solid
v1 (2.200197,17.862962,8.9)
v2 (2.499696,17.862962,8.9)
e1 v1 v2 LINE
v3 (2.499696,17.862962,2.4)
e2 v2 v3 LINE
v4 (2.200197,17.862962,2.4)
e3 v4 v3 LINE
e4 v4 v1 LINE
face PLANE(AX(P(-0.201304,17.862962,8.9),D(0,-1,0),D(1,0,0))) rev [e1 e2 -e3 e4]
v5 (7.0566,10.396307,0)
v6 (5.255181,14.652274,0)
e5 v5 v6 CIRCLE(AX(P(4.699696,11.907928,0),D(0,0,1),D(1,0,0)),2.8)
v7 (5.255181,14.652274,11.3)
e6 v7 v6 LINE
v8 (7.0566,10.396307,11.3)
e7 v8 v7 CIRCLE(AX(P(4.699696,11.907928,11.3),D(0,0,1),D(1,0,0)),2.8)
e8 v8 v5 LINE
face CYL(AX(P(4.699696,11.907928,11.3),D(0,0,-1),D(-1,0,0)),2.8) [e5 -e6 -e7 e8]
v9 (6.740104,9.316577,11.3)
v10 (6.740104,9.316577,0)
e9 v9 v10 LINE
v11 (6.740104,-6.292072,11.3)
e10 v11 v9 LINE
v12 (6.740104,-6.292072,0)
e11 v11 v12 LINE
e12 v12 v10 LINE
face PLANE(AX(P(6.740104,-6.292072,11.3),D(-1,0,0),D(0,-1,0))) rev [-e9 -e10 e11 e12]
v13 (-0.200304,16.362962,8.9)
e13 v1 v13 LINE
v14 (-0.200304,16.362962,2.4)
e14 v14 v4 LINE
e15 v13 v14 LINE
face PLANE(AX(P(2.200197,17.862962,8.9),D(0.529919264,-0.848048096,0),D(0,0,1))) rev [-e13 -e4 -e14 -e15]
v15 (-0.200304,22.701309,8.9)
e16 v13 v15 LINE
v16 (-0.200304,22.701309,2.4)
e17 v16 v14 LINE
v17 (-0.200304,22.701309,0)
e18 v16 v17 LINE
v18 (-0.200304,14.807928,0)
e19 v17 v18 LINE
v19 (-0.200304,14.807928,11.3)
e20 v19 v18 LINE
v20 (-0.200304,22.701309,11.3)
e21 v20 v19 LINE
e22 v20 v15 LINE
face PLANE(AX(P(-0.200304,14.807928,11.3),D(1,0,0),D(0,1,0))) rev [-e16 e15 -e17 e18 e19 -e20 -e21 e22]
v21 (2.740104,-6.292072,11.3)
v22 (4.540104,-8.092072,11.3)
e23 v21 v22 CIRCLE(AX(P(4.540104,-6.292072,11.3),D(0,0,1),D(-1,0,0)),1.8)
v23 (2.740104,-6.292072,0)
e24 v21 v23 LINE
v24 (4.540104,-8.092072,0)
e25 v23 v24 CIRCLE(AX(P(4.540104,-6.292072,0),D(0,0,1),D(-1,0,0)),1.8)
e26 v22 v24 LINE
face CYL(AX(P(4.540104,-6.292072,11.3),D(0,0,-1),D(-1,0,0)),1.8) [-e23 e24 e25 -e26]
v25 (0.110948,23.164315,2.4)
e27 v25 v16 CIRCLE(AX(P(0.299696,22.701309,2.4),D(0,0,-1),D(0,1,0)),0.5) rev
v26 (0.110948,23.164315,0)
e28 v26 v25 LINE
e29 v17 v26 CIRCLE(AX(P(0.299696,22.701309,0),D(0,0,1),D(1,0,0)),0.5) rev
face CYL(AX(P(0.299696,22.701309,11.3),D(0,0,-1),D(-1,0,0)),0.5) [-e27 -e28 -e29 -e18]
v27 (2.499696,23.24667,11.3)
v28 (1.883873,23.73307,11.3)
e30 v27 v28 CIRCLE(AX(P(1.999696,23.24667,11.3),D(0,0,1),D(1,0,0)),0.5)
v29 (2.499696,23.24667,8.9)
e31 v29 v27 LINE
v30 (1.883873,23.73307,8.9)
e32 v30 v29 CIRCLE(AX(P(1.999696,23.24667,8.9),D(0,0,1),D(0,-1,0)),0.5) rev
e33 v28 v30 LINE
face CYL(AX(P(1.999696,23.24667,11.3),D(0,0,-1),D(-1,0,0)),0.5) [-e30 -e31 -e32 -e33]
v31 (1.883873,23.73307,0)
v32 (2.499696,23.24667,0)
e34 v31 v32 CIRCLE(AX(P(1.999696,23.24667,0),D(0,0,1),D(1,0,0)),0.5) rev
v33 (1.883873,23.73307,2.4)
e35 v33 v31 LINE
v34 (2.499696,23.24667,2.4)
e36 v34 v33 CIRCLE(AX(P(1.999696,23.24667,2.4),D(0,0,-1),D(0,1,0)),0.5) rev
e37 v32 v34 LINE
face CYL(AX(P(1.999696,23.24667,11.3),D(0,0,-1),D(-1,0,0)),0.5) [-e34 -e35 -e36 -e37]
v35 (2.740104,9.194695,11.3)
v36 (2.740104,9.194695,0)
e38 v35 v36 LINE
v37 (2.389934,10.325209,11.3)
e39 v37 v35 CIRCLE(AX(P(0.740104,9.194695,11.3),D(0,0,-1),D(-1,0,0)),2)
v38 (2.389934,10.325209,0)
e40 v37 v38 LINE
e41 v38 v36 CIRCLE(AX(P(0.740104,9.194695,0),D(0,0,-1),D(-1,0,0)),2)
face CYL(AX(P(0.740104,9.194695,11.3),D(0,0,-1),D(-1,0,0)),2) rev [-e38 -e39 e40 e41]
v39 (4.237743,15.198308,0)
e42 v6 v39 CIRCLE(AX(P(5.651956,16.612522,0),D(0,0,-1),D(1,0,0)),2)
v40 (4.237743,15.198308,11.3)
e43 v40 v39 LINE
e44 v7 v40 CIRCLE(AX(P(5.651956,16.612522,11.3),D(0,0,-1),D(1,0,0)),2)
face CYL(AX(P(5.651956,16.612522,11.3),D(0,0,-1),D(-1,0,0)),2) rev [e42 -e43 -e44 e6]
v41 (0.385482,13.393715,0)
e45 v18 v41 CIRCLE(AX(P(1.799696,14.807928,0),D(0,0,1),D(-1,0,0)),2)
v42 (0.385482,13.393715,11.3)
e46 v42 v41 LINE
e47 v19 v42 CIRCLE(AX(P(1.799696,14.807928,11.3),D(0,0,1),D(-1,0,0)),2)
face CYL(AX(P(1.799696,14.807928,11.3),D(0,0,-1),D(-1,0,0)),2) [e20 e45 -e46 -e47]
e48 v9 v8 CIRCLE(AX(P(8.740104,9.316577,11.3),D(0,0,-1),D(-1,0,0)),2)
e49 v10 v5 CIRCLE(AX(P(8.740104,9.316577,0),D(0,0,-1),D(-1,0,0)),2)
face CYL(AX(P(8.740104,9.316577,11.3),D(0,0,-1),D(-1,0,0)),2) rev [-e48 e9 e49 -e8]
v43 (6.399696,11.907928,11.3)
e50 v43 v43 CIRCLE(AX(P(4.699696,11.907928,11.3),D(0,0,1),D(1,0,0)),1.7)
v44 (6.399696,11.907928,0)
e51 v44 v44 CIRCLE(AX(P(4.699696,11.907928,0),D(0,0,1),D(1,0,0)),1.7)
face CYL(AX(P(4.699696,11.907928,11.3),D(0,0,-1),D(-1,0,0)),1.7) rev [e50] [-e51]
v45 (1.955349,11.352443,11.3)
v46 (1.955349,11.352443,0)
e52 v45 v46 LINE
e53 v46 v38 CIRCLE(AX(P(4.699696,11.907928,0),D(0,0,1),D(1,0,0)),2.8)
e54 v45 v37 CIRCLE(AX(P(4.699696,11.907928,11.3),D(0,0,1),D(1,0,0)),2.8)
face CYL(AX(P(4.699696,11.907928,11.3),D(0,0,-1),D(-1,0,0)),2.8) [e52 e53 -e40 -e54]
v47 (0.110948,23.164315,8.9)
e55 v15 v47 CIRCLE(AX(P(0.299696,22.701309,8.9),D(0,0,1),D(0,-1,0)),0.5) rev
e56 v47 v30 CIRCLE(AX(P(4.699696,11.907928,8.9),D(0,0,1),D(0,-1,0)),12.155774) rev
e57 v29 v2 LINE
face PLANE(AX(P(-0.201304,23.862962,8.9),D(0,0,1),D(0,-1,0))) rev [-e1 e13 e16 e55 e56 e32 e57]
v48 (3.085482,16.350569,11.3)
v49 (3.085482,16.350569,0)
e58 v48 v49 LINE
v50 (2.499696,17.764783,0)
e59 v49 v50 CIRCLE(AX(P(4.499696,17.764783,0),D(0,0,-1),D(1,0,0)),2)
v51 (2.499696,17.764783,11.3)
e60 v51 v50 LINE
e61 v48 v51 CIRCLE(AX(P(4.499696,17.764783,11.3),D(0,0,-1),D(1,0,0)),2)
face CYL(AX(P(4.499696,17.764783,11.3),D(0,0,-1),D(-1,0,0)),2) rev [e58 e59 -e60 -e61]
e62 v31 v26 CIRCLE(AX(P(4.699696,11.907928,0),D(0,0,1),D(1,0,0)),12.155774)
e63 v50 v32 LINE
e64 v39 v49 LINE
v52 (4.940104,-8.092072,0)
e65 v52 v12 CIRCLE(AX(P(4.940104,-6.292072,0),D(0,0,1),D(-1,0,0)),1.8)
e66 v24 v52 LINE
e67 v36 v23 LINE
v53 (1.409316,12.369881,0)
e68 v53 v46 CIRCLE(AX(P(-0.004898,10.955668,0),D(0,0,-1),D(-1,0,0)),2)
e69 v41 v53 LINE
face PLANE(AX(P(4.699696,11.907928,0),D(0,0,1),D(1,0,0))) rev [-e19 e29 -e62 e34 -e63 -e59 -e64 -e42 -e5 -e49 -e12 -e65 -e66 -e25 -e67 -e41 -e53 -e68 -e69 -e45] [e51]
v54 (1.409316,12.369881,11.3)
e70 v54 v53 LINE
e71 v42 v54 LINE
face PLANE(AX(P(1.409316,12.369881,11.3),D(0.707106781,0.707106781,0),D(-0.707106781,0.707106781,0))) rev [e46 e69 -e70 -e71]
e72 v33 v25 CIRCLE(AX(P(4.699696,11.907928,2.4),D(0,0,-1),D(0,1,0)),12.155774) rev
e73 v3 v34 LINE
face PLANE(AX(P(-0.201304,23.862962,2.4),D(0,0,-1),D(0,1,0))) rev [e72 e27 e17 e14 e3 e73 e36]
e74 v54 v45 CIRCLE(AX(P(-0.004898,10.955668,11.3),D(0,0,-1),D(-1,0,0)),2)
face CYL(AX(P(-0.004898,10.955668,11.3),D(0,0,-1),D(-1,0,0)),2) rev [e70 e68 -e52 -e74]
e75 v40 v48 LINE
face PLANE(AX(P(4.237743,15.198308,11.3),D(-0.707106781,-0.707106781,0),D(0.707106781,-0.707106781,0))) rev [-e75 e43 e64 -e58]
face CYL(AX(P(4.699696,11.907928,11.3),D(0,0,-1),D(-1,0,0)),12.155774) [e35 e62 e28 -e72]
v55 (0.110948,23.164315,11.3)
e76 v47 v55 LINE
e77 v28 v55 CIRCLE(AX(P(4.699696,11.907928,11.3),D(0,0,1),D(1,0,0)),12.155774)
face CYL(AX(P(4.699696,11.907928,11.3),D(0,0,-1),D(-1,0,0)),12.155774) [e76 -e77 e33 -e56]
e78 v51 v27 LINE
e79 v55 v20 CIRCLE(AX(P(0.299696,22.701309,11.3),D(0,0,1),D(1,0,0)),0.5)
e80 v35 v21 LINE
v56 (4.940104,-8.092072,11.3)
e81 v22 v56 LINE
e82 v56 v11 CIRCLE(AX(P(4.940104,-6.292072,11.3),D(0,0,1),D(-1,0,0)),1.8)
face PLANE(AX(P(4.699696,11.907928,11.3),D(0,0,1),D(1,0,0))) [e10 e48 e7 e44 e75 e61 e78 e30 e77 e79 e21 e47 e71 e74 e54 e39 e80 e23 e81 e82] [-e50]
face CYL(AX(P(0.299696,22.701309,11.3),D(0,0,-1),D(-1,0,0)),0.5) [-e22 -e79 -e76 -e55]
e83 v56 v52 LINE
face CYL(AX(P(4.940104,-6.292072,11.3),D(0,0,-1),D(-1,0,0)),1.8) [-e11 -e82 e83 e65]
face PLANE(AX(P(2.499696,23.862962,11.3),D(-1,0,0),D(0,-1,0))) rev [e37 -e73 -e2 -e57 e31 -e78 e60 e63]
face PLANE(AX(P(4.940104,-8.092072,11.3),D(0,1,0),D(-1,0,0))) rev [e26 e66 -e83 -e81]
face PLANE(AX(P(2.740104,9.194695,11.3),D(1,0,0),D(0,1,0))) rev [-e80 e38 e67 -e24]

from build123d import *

# Parameters (mm, degrees)
SKETCH1_R           = 1.7
BOSS_EXTRUDE1_DEPTH = 11.3
CUT_EXTRUDE1_REACH  = 28.872
SKETCH2_W           = 6.5
SKETCH2_H           = 6
CHAMFER1_SIZE       = 1.5
CHAMFER1_SIZE2      = 2.400501794
FILLET1_R           = 0.5


with BuildPart() as part:
    # Sketch1 → Boss-Extrude1 (new body)
    with BuildSketch(Plane.XY):
        with BuildLine():
            Line((2.74010383, 9.194695421), (2.74010383, -6.292071669))
            ThreePointArc((2.74010383, -6.292071669), (3.267311624, -7.564863875), (4.54010383, -8.092071669))
            Line((4.54010383, -8.092071669), (4.94010383, -8.092071669))
            ThreePointArc((4.94010383, -8.092071669), (6.212896036, -7.564863875), (6.74010383, -6.292071669))
            Line((6.74010383, -6.292071669), (6.74010383, 9.316577037))
            ThreePointArc((6.74010383, 9.316577037), (6.820858296, 9.879157325), (7.056600411, 10.396306743))
            ThreePointArc((7.056600411, 10.396306743), (7.278226145, 12.999340422), (5.255181103, 14.652274498))
            ThreePointArc((5.255181103, 14.652274498), (4.706198335, 14.850267069), (4.237742883, 15.198308197))
            Line((4.237742883, 15.198308197), (3.085482062, 16.350569018))
            ThreePointArc((3.085482062, 16.350569018), (2.651936559, 16.999415716), (2.499695624, 17.764782581))
            Line((2.499695624, 17.764782581), (2.499695624, 23.862962388))
            ThreePointArc((2.499695624, 23.862962388), (1.125485543, 23.526356004), (-0.200304376, 23.032353678))
            Line((-0.200304376, 23.032353678), (-0.200304376, 14.807928331))
            ThreePointArc((-0.200304376, 14.807928331), (-0.048063441, 14.042561466), (0.385482062, 13.393714769))
            Line((0.385482062, 13.393714769), (1.409315758, 12.369881073))
            ThreePointArc((1.409315758, 12.369881073), (1.757356887, 11.901425621), (1.955349457, 11.352442852))
            ThreePointArc((1.955349457, 11.352442852), (2.120974174, 10.816967431), (2.389933744, 10.325209134))
            ThreePointArc((2.389933744, 10.325209134), (2.650556633, 9.786447131), (2.74010383, 9.194695421))
        make_face()
        with Locations((4.699695624, 11.907928331)):
            Circle(SKETCH1_R, mode=Mode.SUBTRACT)
    extrude(amount=BOSS_EXTRUDE1_DEPTH)

    # Sketch2 → Cut-Extrude1 (cut, up to next)
    with BuildSketch(Plane(origin=(2.499695624, 0, 0), x_dir=(0, 0, -1), z_dir=(1, 0, 0)), mode=Mode.PRIVATE) as cut_extrude1_sk1:
        with Locations((-5.65, 20.862962388)):
            Rectangle(SKETCH2_W, SKETCH2_H)
    cut_extrude1_tool1 = extrude(cut_extrude1_sk1.sketch, amount=-CUT_EXTRUDE1_REACH, mode=Mode.PRIVATE) & part.part
    add(cut_extrude1_tool1.solids().sort_by_distance((2.499696, 20.862962, 5.65))[0], mode=Mode.SUBTRACT)

    # Chamfer1
    chamfer1_edges = [part.edges().sort_by_distance(p)[0] for p in [
        (-0.200304376, 17.862962388, 5.65),
    ]]
    chamfer1_side = [part.faces().sort_by_distance(p)[0] for p in [
        (-0.200304376, 18.920141005, 0.139760929),
    ]]
    chamfer(chamfer1_edges, length=CHAMFER1_SIZE, length2=CHAMFER1_SIZE2, reference=chamfer1_side[0])

    # Fillet1
    fillet1_edges = [part.edges().sort_by_distance(p)[0] for p in [
        (2.499695624, 23.862962388, 10.1),
        (-0.200304376, 23.032353678, 10.1),
        (2.499695624, 23.862962388, 1.2),
        (-0.200304376, 23.032353678, 1.2),
    ]]
    fillet(fillet1_edges, radius=FILLET1_R)


solid = part.part
